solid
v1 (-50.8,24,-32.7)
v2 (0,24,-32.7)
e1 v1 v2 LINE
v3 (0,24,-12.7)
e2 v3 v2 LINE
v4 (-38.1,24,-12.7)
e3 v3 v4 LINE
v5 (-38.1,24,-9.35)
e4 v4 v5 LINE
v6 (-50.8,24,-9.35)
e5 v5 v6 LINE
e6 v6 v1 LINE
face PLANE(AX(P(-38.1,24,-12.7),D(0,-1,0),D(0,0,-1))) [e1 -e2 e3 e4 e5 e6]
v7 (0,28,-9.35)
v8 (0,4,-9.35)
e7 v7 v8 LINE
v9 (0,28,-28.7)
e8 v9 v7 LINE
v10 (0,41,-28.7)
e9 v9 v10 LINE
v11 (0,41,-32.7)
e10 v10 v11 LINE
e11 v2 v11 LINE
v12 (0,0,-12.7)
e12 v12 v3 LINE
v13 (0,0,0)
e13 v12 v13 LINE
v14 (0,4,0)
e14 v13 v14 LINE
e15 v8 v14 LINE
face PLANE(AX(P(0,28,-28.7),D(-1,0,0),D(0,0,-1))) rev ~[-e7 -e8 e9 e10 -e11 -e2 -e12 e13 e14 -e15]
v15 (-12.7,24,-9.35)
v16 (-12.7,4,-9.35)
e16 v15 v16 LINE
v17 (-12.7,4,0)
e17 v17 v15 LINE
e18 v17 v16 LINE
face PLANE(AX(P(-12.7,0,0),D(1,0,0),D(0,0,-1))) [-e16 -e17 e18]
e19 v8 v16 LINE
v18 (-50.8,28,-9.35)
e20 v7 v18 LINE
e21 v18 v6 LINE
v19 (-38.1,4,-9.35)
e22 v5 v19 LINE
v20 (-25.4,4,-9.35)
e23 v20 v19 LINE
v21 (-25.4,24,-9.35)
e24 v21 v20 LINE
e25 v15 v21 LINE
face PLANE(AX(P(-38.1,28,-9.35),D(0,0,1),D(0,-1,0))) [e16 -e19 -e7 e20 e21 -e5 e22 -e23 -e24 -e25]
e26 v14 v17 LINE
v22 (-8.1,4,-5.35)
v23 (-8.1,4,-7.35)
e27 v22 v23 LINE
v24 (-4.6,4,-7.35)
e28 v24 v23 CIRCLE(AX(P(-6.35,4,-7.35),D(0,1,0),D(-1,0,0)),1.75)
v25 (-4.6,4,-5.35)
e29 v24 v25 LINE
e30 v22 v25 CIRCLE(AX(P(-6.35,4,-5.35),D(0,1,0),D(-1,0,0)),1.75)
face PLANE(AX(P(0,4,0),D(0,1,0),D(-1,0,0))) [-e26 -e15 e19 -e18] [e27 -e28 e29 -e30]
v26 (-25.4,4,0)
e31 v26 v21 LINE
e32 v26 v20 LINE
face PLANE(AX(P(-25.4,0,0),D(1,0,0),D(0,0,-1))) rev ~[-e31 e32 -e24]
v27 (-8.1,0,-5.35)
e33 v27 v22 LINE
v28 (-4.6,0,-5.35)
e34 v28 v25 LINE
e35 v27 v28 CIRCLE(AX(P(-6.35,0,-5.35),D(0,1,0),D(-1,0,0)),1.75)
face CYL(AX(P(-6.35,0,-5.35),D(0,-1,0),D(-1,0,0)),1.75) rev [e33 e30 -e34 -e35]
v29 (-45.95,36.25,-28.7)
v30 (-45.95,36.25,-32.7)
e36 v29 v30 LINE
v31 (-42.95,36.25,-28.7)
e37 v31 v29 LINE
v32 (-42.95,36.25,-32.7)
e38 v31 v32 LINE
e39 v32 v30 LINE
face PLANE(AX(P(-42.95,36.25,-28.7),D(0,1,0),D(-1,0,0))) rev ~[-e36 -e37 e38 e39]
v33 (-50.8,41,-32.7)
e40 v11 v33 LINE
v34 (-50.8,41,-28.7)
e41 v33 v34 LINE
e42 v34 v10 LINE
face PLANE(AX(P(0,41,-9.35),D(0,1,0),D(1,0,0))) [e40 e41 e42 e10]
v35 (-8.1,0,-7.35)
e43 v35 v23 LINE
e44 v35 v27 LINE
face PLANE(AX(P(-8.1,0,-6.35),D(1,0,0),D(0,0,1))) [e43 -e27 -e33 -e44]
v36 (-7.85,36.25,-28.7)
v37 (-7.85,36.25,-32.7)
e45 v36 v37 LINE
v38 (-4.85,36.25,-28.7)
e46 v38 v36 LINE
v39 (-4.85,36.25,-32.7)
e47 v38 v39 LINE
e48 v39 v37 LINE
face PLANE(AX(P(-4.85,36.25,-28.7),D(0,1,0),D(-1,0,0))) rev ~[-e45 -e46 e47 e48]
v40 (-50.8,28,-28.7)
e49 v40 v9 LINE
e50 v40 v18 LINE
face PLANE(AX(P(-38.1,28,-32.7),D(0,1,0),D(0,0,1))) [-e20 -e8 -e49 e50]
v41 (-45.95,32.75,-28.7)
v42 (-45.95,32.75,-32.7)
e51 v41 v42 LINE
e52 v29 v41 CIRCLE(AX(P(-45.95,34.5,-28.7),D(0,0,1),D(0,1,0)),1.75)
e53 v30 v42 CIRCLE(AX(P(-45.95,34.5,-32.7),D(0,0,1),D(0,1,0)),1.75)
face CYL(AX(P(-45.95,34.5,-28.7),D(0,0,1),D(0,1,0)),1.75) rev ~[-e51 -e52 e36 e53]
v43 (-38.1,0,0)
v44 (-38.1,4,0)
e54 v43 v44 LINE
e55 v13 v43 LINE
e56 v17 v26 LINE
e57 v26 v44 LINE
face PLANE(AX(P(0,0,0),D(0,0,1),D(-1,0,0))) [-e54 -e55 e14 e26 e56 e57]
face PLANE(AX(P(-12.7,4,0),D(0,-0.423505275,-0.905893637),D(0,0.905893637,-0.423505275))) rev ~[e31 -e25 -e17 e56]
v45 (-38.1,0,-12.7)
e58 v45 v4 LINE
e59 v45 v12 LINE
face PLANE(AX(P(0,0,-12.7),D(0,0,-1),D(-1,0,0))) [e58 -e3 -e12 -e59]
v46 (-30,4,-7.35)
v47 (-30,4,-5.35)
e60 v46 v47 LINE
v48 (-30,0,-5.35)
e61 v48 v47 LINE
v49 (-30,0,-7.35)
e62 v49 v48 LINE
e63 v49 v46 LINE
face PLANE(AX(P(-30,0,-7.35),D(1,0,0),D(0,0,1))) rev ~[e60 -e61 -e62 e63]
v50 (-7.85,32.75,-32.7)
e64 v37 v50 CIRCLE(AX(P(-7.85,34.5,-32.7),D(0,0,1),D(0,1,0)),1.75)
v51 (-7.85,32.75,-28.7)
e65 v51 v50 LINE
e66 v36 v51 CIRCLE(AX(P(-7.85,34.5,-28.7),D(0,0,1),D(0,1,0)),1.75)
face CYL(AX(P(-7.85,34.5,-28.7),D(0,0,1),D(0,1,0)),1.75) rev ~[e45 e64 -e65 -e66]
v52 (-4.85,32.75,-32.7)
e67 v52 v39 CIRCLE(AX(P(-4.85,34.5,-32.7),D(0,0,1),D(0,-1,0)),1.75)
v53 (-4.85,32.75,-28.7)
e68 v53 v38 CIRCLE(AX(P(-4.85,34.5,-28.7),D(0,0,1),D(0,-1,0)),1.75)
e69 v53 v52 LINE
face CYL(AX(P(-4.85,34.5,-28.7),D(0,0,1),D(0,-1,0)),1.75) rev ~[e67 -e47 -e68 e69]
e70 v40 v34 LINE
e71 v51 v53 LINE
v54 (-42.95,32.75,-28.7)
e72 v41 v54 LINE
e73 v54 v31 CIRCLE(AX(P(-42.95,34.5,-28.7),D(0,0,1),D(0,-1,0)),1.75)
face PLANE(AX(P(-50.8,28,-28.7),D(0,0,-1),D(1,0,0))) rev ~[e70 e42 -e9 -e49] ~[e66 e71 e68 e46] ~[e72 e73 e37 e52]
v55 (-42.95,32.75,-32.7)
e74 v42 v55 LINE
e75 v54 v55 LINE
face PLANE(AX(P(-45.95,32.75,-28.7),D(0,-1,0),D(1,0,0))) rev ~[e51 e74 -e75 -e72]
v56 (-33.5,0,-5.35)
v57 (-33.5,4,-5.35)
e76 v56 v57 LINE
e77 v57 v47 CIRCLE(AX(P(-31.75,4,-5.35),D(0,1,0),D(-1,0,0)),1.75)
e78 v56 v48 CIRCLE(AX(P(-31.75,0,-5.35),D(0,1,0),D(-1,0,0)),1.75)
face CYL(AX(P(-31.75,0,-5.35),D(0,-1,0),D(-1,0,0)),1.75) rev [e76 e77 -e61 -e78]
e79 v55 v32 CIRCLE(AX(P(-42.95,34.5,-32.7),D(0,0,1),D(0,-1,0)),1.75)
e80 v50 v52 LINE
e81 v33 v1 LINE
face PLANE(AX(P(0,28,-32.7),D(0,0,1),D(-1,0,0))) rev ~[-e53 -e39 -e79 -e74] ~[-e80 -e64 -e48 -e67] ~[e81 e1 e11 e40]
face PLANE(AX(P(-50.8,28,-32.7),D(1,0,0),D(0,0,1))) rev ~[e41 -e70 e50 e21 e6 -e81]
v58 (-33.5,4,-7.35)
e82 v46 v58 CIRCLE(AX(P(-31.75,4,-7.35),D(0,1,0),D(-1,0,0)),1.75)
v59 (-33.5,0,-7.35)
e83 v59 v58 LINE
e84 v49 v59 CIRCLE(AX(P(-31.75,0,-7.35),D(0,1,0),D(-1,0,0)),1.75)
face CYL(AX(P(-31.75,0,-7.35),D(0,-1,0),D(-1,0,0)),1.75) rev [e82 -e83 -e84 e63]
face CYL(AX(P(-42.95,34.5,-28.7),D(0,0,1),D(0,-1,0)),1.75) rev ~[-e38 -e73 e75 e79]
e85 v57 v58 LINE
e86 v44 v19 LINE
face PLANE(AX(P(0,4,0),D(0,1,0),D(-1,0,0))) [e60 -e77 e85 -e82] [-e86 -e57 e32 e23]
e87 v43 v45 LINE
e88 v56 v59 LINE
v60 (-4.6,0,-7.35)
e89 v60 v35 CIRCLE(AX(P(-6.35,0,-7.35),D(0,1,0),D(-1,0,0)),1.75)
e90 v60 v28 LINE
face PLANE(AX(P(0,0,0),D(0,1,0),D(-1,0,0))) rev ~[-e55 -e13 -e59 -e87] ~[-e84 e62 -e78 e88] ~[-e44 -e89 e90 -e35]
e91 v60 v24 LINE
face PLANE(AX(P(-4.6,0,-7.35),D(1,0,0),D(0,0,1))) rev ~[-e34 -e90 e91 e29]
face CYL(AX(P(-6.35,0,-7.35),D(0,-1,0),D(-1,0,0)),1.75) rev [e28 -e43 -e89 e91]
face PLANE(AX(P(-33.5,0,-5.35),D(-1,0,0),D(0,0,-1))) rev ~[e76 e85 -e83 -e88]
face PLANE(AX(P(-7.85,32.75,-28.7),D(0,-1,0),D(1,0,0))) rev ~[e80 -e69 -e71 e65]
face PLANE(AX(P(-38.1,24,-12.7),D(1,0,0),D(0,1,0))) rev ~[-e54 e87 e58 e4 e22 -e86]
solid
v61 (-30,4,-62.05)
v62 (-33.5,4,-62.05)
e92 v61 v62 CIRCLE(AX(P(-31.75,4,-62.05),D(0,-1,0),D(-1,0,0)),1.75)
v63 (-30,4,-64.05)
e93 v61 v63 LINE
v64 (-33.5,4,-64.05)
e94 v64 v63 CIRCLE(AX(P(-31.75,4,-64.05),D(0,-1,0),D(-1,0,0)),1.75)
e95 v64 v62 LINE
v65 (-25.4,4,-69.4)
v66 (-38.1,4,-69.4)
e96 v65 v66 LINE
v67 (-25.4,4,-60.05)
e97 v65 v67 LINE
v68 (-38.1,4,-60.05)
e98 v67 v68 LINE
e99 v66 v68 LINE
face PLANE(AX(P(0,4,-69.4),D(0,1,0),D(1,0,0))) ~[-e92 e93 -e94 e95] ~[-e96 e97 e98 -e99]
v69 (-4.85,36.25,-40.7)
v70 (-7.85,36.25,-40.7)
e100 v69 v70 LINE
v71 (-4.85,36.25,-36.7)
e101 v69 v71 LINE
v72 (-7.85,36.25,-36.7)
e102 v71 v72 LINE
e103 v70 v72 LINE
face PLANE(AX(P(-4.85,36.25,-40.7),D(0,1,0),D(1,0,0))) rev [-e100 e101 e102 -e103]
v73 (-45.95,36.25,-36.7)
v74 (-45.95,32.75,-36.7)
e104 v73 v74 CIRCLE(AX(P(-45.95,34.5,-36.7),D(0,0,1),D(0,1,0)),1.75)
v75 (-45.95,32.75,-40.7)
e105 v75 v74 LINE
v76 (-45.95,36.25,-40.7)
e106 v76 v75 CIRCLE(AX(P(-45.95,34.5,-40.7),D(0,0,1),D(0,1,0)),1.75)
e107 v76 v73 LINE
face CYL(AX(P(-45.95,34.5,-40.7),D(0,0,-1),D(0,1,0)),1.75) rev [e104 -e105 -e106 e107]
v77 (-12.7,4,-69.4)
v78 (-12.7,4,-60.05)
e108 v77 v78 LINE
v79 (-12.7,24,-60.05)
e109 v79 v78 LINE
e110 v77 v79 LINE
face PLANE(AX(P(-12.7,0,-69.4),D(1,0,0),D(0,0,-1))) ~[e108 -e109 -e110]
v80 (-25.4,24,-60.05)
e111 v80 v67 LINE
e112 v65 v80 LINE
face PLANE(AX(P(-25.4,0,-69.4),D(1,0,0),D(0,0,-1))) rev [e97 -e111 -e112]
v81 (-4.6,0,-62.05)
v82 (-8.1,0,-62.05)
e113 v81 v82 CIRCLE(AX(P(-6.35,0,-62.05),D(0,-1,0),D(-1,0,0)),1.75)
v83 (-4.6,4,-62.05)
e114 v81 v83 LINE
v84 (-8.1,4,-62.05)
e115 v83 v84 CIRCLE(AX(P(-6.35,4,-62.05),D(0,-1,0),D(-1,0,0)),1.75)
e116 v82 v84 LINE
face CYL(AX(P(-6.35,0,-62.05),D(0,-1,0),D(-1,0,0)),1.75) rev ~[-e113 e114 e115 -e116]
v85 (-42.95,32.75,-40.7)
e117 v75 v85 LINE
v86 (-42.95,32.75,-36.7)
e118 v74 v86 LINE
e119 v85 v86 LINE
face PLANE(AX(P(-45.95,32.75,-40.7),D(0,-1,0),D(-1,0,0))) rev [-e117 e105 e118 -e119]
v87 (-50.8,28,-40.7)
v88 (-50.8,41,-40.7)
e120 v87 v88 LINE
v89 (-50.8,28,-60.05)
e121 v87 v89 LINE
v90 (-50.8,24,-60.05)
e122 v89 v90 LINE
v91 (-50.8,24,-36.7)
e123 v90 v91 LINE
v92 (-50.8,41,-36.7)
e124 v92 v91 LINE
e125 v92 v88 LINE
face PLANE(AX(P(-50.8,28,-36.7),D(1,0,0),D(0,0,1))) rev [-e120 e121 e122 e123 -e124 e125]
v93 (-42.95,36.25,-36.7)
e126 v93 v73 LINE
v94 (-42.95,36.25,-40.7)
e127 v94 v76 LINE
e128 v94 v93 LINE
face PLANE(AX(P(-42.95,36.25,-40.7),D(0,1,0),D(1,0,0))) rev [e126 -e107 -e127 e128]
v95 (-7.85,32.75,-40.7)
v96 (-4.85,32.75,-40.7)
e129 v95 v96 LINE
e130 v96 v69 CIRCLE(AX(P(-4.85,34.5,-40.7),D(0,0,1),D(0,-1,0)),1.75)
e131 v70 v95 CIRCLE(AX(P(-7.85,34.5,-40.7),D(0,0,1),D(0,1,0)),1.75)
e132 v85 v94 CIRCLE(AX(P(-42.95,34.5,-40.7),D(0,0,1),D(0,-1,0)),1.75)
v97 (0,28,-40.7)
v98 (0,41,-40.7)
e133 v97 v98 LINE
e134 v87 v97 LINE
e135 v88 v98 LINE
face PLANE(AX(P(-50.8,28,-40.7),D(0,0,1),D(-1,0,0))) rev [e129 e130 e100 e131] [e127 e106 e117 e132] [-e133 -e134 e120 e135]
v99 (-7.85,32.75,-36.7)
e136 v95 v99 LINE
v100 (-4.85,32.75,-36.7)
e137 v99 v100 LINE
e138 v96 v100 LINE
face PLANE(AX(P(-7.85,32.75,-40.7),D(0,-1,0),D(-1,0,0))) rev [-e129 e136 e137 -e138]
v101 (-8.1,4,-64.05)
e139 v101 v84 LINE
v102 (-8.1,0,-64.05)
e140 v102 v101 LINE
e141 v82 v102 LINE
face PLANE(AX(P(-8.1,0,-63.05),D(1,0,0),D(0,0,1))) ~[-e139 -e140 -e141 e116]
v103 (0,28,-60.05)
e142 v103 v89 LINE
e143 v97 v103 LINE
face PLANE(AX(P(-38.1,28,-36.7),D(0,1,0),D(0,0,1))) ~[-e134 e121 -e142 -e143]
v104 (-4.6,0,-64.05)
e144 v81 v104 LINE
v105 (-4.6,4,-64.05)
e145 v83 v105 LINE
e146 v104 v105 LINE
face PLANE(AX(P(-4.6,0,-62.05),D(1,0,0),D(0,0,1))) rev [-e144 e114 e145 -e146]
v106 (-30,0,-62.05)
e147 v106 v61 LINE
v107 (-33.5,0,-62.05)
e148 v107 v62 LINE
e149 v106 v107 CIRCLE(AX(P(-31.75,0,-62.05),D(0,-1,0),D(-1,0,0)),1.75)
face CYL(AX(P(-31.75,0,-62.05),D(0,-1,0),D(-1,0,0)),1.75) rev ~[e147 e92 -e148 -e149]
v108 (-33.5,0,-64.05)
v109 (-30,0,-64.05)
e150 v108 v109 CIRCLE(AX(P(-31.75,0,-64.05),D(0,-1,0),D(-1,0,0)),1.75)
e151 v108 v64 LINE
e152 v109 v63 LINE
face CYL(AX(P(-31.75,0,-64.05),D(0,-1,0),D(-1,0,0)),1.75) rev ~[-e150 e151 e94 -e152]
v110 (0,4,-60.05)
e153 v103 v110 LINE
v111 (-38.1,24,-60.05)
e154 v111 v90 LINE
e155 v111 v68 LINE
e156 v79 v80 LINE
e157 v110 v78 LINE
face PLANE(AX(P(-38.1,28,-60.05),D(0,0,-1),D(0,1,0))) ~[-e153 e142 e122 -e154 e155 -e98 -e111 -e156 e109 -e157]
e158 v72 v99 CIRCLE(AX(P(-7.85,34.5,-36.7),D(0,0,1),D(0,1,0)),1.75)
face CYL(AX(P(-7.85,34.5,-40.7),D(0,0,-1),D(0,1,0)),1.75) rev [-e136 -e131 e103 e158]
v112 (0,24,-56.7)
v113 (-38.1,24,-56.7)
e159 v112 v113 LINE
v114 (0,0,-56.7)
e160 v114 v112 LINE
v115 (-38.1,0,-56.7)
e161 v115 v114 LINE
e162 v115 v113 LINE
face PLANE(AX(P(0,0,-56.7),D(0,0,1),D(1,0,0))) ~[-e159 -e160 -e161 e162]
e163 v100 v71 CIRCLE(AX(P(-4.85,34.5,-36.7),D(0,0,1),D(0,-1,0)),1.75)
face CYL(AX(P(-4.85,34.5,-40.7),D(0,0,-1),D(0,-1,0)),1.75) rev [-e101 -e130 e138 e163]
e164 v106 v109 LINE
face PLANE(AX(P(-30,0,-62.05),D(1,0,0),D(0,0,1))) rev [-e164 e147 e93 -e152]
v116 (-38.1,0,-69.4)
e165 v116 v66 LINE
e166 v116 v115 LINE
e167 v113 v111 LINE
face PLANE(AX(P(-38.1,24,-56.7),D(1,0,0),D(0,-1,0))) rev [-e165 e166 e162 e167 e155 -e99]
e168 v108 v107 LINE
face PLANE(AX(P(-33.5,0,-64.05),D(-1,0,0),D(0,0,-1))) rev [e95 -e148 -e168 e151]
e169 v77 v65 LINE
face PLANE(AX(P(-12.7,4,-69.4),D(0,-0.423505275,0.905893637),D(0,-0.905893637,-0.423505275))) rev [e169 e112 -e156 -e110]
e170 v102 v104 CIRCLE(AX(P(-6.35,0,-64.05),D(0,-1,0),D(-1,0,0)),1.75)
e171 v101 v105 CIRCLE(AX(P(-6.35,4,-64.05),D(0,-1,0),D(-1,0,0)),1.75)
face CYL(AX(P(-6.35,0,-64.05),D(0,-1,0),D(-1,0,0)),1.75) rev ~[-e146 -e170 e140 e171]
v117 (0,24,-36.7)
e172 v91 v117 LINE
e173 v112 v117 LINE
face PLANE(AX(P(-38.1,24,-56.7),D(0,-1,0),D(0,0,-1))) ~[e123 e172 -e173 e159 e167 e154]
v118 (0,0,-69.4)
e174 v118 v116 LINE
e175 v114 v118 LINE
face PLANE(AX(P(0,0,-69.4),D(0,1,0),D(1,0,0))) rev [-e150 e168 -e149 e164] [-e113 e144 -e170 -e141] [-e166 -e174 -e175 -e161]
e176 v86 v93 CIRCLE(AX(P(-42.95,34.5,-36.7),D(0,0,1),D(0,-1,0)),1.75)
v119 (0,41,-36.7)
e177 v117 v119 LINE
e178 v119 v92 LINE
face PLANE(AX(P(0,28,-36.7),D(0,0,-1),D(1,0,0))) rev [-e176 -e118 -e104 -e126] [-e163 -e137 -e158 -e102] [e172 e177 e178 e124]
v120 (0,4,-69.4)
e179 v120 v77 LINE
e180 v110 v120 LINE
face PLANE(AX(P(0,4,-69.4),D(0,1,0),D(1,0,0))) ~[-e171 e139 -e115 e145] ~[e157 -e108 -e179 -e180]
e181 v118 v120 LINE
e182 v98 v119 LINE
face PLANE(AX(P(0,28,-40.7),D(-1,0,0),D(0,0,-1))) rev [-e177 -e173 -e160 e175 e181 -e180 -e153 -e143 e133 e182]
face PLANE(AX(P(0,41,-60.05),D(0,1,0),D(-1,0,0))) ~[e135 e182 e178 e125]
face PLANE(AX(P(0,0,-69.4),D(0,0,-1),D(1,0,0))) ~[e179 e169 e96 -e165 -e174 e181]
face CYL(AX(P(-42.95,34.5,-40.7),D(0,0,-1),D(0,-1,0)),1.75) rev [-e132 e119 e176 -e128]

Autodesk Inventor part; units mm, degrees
ref_plane "YZ Plane" through (0, 0, 0) normal (1, 0, 0) x (0, 1, 0)
ref_plane "XZ Plane" through (0, 0, 0) normal (0, 1, 0) x (-1, 0, 0)
ref_plane "XY Plane" through (0, 0, 0) normal (0, 0, 1) x (1, 0, 0)
sketch "Sketch1" plane through (0, 0, 0) normal (0, 1, 0) x (-1, 0, 0)
  line L0 (0, 0) -> (38.1, 0)
  line L1 (38.1, 0) -> (38.1, -12.7)
  line L2 (38.1, -12.7) -> (0, -12.7)
  line L3 (0, -12.7) -> (0, 0)
  line L4 (38.1, 0) -> (0, -12.7) construction
  line L5 (0, 0) -> (38.1, -12.7) construction
  line L6 (0, -6.35) -> (38.1, -6.35) construction
  line L7 (19.05, -6.35) -> (31.75, -6.35) construction
  line L8 (19.05, -6.35) -> (6.35, -6.35)
  line L9 (6.35, -5.35) -> (31.75, -5.35)
  line L10 (31.75, -5.35) -> (31.75, -7.35)
  line L11 (31.75, -7.35) -> (6.35, -7.35)
  line L12 (6.35, -7.35) -> (6.35, -5.35)
  line L13 (6.35, -5.35) -> (31.75, -7.35) construction
  line L14 (31.75, -5.35) -> (6.35, -7.35) construction
  circle A0 centre (31.75, -7.35) radius 1.75
  circle A1 centre (31.75, -5.35) radius 1.75
  line L15 (33.5, -5.35) -> (33.5, -7.35)
  line L16 (30, -7.35) -> (30, -5.35)
  circle A2 centre (6.35, -7.35) radius 1.75
  circle A3 centre (6.35, -5.35) radius 1.75
  line L17 (4.6, -7.35) -> (4.6, -5.35)
  line L18 (8.1, -7.35) -> (8.1, -5.35)
  dimension "d0" = 38.1
  dimension "d1" = 12.7
  dimension "d2" = 12.7
  dimension "d3" = 12.7
  dimension "d12" = 25.4
  dimension "d13" = 2
  dimension "d14" = 3.5
  dimension "d15" = 3.5
  dimension "d16" = 3.5
  dimension "d17" = 3.5
extrude "Extrusion1" add sketch "Sketch1" along normal blind 4 contours L0 L1 L2 L3 | L18 L9 L16 L11
sketch "Sketch2" plane through (0, 0, 0) normal (1, 0, 0) x (0, 0, -1)
  line L0 (0, 0) -> (12.7, 0) projected
  line L1 (12.7, 0) -> (12.7, 4) projected
  line L2 (0, 4) -> (12.7, 4) projected
  line L3 (0, 0) -> (0, 4) projected
  line L4 (12.7, 4) -> (9.35, 4)
  line L5 (9.35, 4) -> (9.35, 24)
  line L6 (9.35, 24) -> (12.7, 24)
  line L7 (12.7, 24) -> (12.7, 4)
  dimension "d8" = 24
  dimension "d9" = 3.35
extrude "Extrusion2" add sketch "Sketch2" against normal up to surface (38.1 mm away) contours L2 L5 L6 L7
ref_plane "Work Plane1" through (-12.7, 0, 0) normal (1, 0, 0) x (0, 0, -1)
sketch "Sketch3" plane through (-12.7, 0, 0) normal (1, 0, 0) x (0, 0, -1)
  line L0 (0, 0) -> (12.7, 0) projected
  line L1 (12.7, 0) -> (12.7, 24) projected
  line L2 (12.7, 24) -> (9.35, 24) projected
  line L3 (9.35, 24) -> (9.35, 4) projected
  line L4 (0, 4) -> (9.35, 4) projected
  line L5 (0, 0) -> (0, 4) projected
  line L6 (0, 4) -> (9.35, 24)
extrude "Extrusion3" add sketch "Sketch3" against normal blind 12.7 contours L6 L3 L4
sketch "Sketch4" plane through (0, 0, -12.7) normal (0, 0, -1) x (-1, 0, 0)
  line L0 (0, 0) -> (38.1, 0) projected
  line L1 (38.1, 0) -> (38.1, 24) projected
  line L2 (0, 24) -> (38.1, 24) projected
  line L3 (0, 0) -> (0, 24) projected
  line L4 (0, 24) -> (12.7, 24) projected
  line L5 (0, 24) -> (38.1, 24)
  line L6 (38.1, 24) -> (38.1, 28)
  line L7 (38.1, 28) -> (0, 28)
  line L8 (0, 28) -> (0, 24)
  point P0 (0, 0)
  dimension "d21" = 4
extrude "Extrusion4" add sketch "Sketch4" against normal up to surface (3.35 mm away) contours L8 L7 L6 L2
extrude "Extrusion5" add sketch "Sketch4" along normal blind 20 contours L8 L7 L6 L2
sketch "Sketch5" plane through (-38.1, 0, -12.7) normal (-1, 0, 0) x (0, 0, 1)
  line L0 (0, 0) -> (12.7, 0) projected
  line L1 (12.7, 0) -> (12.7, 4) projected
  line L2 (3.35, 4) -> (12.7, 4) projected
  line L3 (3.35, 28) -> (3.35, 4) projected
  line L4 (-20, 28) -> (3.35, 28) projected
  line L5 (-20, 24) -> (-20, 28) projected
  line L6 (0, 24) -> (-20, 24) projected
  line L7 (0, 0) -> (0, 24) projected
  line L8 (-20, 24) -> (-20, 28) projected
  line L9 (3.35, 28) -> (3.35, 4) projected
  line L10 (-20, 24) -> (3.35, 24)
  line L11 (3.35, 24) -> (3.35, 28)
  line L12 (3.35, 28) -> (-20, 28)
  line L13 (-20, 28) -> (-20, 24)
  point P0 (12.7, 0)
extrude "Extrusion6" add sketch "Sketch5" along normal blind 12.7 contours L6 L5 L4 L3 L10
sketch "Sketch6" plane through (0, 28, -9.35) normal (0, 1, 0) x (1, 0, 0)
  line L0 (0, 0) -> (0, 23.35) projected
  line L1 (0, 23.35) -> (-50.8, 23.35)
  line L2 (-50.8, 23.35) -> (-50.8, 19.35)
  line L3 (-50.8, 19.35) -> (0, 19.35)
  line L4 (0, 19.35) -> (0, 23.35)
  point P0 (0, -9.35)
  point P1 (0, 19.35)
  dimension "d28" = 4
extrude "Extrusion7" add sketch "Sketch6" along normal blind 13
sketch "Sketch7" plane through (-50.8, 28, -28.7) normal (0, 0, 1) x (1, 0, 0)
  line L0 (50.8, 0) -> (0, 0) projected
  line L1 (50.8, 0) -> (50.8, 13) projected
  line L2 (0, 13) -> (50.8, 13) projected
  line L3 (0, 0) -> (0, 13) projected
  line L4 (0, -4) -> (0, 13) projected
  line L5 (0, 13) -> (6.35, 13)
  line L6 (6.35, 13) -> (6.35, 0) construction
  line L7 (6.35, 0) -> (0, 0)
  line L8 (0, 0) -> (0, 13)
  line L9 (50.8, 0) -> (0, 0) projected
  line L10 (50.8, -4) -> (50.8, 13) projected
  line L11 (50.8, 13) -> (44.45, 13)
  line L12 (44.45, 13) -> (44.45, 0) construction
  line L13 (44.45, 0) -> (50.8, 0)
  line L14 (50.8, 0) -> (50.8, 13)
  line L15 (6.35, 6.5) -> (44.45, 6.5) construction
  line L16 (42.95, 7.5) -> (45.95, 7.5) construction
  line L17 (45.95, 7.5) -> (45.95, 5.5) construction
  line L18 (45.95, 5.5) -> (42.95, 5.5) construction
  line L19 (42.95, 5.5) -> (42.95, 7.5) construction
  line L20 (42.95, 7.5) -> (45.95, 5.5) construction
  line L21 (45.95, 7.5) -> (42.95, 5.5) construction
  line L22 (4.85, 5.5) -> (7.85, 5.5) construction
  line L23 (7.85, 5.5) -> (7.85, 7.5) construction
  line L24 (7.85, 7.5) -> (4.85, 7.5) construction
  line L25 (4.85, 7.5) -> (4.85, 5.5) construction
  line L26 (4.85, 5.5) -> (7.85, 7.5) construction
  line L27 (7.85, 5.5) -> (4.85, 7.5) construction
  line L28 (4.85, 6.5) -> (7.85, 6.5) construction
  line L29 (4.85, 4.75) -> (7.85, 4.75)
  line L30 (7.85, 8.25) -> (4.85, 8.25)
  arc A0 (4.85, 8.25) -> (4.85, 4.75) centre (4.85, 6.5) ccw
  arc A1 (7.85, 4.75) -> (7.85, 8.25) centre (7.85, 6.5) ccw
  line L31 (42.95, 6.5) -> (45.95, 6.5) construction
  line L32 (42.95, 4.75) -> (45.95, 4.75)
  line L33 (45.95, 8.25) -> (42.95, 8.25)
  arc A2 (42.95, 8.25) -> (42.95, 4.75) centre (42.95, 6.5) ccw
  arc A3 (45.95, 4.75) -> (45.95, 8.25) centre (45.95, 6.5) ccw
  point P0 (50.8, -28)
  dimension "d31" = 6.35
  dimension "d32" = 6.35
  dimension "d33" = 3
  dimension "d34" = 2
  dimension "d35" = 3
  dimension "d36" = 2
  dimension "d37" = 3.5
  dimension "d38" = 3.5
extrude "Extrusion8" cut sketch "Sketch7" against normal up to surface (4 mm away) contours A0 L30 A1 L29 | A2 L33 A3 L32
ref_plane "Work Plane2" through (0, 0, -34.7) normal (0, 0, -1) x (-1, 0, 0)
mirror "Mirror1" about plane through (0, 0, -34.7) normal (0, 0, -1)
properties part number "IRMount_3DPrint"
